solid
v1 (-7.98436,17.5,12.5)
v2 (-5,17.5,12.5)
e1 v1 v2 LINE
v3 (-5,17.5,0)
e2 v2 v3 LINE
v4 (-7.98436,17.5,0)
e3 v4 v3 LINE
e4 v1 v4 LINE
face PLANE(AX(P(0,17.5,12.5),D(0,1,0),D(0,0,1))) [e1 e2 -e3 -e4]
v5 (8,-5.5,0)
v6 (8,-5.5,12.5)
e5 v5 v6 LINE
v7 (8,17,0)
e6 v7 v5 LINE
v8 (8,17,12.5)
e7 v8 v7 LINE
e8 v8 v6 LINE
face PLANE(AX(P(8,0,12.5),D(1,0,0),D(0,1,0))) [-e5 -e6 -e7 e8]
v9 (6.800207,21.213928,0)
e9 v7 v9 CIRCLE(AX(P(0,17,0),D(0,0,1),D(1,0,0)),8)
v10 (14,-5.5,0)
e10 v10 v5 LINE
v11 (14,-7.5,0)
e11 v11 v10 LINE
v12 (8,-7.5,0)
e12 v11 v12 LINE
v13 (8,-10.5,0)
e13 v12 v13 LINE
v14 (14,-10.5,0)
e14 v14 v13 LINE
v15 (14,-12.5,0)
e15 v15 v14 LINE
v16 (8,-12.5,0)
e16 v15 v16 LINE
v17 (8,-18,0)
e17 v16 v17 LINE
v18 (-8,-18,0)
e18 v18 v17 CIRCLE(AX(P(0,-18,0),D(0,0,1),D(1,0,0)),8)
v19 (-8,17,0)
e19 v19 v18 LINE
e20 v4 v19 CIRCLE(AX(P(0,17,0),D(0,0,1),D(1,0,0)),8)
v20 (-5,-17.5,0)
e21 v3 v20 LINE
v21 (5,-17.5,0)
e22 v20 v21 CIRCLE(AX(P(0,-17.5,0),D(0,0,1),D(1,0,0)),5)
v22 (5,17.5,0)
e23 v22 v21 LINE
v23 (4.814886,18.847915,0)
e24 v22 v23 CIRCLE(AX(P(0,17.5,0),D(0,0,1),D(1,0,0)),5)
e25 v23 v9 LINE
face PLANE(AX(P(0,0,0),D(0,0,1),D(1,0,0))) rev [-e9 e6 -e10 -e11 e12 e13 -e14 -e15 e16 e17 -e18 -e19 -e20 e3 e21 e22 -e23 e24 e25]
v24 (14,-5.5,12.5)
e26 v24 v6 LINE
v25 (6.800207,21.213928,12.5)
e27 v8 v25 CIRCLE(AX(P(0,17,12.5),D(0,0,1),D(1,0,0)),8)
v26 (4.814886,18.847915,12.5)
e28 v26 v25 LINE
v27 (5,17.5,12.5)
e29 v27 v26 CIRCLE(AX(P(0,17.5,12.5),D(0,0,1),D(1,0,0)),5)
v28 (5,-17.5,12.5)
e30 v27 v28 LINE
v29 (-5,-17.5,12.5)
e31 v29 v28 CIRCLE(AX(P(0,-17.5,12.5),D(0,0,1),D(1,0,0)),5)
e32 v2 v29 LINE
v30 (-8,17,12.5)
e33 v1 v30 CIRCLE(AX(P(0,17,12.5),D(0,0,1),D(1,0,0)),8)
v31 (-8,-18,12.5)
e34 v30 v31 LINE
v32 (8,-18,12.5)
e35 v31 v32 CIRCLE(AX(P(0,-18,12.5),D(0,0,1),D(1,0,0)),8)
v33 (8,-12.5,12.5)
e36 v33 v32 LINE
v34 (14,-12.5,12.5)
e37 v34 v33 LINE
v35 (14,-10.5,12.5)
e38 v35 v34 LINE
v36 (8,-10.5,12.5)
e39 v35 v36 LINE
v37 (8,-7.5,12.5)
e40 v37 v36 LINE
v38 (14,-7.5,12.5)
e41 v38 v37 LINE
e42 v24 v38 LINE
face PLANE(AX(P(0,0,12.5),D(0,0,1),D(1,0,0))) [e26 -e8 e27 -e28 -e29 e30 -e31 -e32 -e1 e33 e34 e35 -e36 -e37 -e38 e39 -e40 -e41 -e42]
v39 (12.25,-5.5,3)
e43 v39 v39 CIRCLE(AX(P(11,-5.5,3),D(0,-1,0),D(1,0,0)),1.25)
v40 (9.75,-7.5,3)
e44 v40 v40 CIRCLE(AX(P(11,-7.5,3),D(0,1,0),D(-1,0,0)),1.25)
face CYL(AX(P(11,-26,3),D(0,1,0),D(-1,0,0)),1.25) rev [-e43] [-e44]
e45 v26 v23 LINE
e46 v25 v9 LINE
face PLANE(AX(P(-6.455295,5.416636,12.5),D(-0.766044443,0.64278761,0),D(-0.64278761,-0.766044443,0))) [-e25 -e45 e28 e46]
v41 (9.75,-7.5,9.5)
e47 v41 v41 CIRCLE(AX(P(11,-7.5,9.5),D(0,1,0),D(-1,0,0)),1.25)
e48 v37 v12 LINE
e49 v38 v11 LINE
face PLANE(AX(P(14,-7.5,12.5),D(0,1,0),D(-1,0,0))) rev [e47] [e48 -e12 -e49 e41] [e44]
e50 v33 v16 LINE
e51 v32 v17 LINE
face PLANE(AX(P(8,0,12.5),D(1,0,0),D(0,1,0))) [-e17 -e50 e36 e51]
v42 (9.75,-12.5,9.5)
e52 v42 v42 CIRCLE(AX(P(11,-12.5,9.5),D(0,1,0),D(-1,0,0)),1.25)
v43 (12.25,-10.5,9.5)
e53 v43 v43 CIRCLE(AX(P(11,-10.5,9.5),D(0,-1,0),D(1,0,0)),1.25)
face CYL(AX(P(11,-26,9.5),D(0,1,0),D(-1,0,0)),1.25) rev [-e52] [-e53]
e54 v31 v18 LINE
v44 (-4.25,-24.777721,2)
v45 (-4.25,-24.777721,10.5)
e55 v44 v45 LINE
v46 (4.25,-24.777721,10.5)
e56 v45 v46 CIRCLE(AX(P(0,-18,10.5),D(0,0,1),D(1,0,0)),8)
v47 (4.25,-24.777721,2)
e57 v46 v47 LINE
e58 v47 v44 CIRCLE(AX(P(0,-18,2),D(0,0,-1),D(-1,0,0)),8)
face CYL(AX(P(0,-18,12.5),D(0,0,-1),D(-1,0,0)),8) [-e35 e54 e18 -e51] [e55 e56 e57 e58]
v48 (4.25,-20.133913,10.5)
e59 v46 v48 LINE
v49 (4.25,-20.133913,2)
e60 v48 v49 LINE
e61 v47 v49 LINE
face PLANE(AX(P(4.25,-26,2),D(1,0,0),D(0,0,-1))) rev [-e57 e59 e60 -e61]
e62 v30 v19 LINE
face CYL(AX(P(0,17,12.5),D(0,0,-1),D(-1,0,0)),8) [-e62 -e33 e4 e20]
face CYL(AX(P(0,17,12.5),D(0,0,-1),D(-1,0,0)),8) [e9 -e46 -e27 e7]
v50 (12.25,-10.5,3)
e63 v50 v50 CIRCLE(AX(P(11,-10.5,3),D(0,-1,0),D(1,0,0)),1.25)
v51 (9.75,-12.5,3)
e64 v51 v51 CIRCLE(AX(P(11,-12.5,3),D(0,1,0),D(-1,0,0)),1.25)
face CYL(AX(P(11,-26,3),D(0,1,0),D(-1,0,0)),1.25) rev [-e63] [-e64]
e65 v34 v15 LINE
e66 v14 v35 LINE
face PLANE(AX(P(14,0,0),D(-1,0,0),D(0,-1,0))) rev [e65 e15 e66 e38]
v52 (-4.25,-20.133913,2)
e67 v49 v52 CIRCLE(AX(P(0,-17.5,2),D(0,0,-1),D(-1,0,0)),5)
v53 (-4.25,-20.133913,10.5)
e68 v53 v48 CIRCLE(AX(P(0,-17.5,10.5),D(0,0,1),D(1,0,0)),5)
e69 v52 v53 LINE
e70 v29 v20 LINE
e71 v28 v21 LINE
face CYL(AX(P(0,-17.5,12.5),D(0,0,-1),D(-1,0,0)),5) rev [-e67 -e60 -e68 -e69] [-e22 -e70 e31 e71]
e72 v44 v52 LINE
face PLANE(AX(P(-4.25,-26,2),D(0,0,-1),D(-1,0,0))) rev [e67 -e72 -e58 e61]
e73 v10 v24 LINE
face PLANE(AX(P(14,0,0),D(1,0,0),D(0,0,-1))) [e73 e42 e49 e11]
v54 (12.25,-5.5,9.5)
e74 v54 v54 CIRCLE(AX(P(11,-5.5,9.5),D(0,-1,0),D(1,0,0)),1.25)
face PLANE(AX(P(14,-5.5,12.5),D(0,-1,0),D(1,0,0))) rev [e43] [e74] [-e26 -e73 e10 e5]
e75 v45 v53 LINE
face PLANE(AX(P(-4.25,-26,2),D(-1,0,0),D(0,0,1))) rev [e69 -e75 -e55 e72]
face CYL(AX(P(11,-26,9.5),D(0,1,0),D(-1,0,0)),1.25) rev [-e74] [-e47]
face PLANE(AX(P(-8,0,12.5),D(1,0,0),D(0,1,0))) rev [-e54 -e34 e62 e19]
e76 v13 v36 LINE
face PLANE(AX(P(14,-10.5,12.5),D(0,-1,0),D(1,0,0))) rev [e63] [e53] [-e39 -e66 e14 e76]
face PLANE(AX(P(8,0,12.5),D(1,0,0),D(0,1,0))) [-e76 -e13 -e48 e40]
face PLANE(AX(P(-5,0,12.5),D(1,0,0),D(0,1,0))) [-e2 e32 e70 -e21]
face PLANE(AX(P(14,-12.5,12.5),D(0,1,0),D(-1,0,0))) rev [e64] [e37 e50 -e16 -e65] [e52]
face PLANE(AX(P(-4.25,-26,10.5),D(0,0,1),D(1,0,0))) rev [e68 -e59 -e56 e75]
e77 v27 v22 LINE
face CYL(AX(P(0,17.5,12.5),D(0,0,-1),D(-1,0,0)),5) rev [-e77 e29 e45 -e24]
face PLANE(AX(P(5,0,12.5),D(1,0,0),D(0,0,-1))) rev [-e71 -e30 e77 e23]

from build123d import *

# Parameters (mm, degrees)
BOSS_EXTRUDE1_DEPTH     = 12.5
SKETCH2_W               = 12.5
SKETCH2_H               = 2
BOSS_EXTRUDE2_DEPTH     = 6
SKETCH3_R               = 1.25
CUT_EXTRUDE1_DEPTH      = 32.713927878
CUT_EXTRUDE1_DEPTH_BACK = 16.499999831
SKETCH5_W               = 8.5
SKETCH5_H               = 8.5
CUT_EXTRUDE2_DEPTH      = 26.999999831


with BuildPart() as part:
    # Sketch1 → Boss-Extrude1 (new body)
    with BuildSketch(Plane.XY):
        with BuildLine():
            ThreePointArc((8, 17), (7.694207367, 19.190701486), (6.80020675, 21.213927878))
            Line((6.80020675, 21.213927878), (4.814885895, 18.847914617))
            ThreePointArc((4.814885895, 18.847914617), (4.953505298, 18.180283222), (5, 17.5))
            Line((5, 17.5), (5, -17.5))
            ThreePointArc((5, -17.5), (0, -22.5), (-5, -17.5))
            Line((-5, -17.5), (-5, 17.5))
            Line((-5, 17.5), (-7.984359711, 17.5))
            ThreePointArc((-7.984359711, 17.5), (-7.996088972, 17.250122279), (-8, 17))
            Line((-8, 17), (-8, -17.999999662))
            ThreePointArc((-8, -17.999999662), (-1.69e-07, -25.999999831), (8, -18))
            Line((8, -18), (8, 17))
        make_face()
    extrude(amount=BOSS_EXTRUDE1_DEPTH)

    # Sketch2 → Boss-Extrude2 (add)
    with BuildSketch(Plane(origin=(8, 0, 0), x_dir=(0, 0, -1), z_dir=(1, 0, 0))):
        with Locations((-6.25, -11.5)):
            Rectangle(SKETCH2_W, SKETCH2_H)
        with Locations((-6.25, -6.5)):
            Rectangle(SKETCH2_W, SKETCH2_H)
    extrude(amount=BOSS_EXTRUDE2_DEPTH)

    # Sketch3 → Cut-Extrude1 (cut, two sides)
    with BuildSketch(Plane(origin=(0, -10.5, 0), x_dir=(1, 0, 0), z_dir=(0, 1, 0))) as cut_extrude1_sk:
        with Locations((11, -3)):
            Circle(SKETCH3_R)
        with Locations((11, -9.5)):
            Circle(SKETCH3_R)
    extrude(amount=CUT_EXTRUDE1_DEPTH, mode=Mode.SUBTRACT)
    extrude(cut_extrude1_sk.sketch, amount=-CUT_EXTRUDE1_DEPTH_BACK, mode=Mode.SUBTRACT)

    # Sketch5 → Cut-Extrude2 (cut, through all)
    with BuildSketch(Plane(origin=(0, 0, 0), x_dir=(1, 0, 0), z_dir=(0, 1, 0))):
        with Locations((0, -6.25)):
            Rectangle(SKETCH5_W, SKETCH5_H)
    extrude(amount=-CUT_EXTRUDE2_DEPTH, mode=Mode.SUBTRACT)


solid = part.part
